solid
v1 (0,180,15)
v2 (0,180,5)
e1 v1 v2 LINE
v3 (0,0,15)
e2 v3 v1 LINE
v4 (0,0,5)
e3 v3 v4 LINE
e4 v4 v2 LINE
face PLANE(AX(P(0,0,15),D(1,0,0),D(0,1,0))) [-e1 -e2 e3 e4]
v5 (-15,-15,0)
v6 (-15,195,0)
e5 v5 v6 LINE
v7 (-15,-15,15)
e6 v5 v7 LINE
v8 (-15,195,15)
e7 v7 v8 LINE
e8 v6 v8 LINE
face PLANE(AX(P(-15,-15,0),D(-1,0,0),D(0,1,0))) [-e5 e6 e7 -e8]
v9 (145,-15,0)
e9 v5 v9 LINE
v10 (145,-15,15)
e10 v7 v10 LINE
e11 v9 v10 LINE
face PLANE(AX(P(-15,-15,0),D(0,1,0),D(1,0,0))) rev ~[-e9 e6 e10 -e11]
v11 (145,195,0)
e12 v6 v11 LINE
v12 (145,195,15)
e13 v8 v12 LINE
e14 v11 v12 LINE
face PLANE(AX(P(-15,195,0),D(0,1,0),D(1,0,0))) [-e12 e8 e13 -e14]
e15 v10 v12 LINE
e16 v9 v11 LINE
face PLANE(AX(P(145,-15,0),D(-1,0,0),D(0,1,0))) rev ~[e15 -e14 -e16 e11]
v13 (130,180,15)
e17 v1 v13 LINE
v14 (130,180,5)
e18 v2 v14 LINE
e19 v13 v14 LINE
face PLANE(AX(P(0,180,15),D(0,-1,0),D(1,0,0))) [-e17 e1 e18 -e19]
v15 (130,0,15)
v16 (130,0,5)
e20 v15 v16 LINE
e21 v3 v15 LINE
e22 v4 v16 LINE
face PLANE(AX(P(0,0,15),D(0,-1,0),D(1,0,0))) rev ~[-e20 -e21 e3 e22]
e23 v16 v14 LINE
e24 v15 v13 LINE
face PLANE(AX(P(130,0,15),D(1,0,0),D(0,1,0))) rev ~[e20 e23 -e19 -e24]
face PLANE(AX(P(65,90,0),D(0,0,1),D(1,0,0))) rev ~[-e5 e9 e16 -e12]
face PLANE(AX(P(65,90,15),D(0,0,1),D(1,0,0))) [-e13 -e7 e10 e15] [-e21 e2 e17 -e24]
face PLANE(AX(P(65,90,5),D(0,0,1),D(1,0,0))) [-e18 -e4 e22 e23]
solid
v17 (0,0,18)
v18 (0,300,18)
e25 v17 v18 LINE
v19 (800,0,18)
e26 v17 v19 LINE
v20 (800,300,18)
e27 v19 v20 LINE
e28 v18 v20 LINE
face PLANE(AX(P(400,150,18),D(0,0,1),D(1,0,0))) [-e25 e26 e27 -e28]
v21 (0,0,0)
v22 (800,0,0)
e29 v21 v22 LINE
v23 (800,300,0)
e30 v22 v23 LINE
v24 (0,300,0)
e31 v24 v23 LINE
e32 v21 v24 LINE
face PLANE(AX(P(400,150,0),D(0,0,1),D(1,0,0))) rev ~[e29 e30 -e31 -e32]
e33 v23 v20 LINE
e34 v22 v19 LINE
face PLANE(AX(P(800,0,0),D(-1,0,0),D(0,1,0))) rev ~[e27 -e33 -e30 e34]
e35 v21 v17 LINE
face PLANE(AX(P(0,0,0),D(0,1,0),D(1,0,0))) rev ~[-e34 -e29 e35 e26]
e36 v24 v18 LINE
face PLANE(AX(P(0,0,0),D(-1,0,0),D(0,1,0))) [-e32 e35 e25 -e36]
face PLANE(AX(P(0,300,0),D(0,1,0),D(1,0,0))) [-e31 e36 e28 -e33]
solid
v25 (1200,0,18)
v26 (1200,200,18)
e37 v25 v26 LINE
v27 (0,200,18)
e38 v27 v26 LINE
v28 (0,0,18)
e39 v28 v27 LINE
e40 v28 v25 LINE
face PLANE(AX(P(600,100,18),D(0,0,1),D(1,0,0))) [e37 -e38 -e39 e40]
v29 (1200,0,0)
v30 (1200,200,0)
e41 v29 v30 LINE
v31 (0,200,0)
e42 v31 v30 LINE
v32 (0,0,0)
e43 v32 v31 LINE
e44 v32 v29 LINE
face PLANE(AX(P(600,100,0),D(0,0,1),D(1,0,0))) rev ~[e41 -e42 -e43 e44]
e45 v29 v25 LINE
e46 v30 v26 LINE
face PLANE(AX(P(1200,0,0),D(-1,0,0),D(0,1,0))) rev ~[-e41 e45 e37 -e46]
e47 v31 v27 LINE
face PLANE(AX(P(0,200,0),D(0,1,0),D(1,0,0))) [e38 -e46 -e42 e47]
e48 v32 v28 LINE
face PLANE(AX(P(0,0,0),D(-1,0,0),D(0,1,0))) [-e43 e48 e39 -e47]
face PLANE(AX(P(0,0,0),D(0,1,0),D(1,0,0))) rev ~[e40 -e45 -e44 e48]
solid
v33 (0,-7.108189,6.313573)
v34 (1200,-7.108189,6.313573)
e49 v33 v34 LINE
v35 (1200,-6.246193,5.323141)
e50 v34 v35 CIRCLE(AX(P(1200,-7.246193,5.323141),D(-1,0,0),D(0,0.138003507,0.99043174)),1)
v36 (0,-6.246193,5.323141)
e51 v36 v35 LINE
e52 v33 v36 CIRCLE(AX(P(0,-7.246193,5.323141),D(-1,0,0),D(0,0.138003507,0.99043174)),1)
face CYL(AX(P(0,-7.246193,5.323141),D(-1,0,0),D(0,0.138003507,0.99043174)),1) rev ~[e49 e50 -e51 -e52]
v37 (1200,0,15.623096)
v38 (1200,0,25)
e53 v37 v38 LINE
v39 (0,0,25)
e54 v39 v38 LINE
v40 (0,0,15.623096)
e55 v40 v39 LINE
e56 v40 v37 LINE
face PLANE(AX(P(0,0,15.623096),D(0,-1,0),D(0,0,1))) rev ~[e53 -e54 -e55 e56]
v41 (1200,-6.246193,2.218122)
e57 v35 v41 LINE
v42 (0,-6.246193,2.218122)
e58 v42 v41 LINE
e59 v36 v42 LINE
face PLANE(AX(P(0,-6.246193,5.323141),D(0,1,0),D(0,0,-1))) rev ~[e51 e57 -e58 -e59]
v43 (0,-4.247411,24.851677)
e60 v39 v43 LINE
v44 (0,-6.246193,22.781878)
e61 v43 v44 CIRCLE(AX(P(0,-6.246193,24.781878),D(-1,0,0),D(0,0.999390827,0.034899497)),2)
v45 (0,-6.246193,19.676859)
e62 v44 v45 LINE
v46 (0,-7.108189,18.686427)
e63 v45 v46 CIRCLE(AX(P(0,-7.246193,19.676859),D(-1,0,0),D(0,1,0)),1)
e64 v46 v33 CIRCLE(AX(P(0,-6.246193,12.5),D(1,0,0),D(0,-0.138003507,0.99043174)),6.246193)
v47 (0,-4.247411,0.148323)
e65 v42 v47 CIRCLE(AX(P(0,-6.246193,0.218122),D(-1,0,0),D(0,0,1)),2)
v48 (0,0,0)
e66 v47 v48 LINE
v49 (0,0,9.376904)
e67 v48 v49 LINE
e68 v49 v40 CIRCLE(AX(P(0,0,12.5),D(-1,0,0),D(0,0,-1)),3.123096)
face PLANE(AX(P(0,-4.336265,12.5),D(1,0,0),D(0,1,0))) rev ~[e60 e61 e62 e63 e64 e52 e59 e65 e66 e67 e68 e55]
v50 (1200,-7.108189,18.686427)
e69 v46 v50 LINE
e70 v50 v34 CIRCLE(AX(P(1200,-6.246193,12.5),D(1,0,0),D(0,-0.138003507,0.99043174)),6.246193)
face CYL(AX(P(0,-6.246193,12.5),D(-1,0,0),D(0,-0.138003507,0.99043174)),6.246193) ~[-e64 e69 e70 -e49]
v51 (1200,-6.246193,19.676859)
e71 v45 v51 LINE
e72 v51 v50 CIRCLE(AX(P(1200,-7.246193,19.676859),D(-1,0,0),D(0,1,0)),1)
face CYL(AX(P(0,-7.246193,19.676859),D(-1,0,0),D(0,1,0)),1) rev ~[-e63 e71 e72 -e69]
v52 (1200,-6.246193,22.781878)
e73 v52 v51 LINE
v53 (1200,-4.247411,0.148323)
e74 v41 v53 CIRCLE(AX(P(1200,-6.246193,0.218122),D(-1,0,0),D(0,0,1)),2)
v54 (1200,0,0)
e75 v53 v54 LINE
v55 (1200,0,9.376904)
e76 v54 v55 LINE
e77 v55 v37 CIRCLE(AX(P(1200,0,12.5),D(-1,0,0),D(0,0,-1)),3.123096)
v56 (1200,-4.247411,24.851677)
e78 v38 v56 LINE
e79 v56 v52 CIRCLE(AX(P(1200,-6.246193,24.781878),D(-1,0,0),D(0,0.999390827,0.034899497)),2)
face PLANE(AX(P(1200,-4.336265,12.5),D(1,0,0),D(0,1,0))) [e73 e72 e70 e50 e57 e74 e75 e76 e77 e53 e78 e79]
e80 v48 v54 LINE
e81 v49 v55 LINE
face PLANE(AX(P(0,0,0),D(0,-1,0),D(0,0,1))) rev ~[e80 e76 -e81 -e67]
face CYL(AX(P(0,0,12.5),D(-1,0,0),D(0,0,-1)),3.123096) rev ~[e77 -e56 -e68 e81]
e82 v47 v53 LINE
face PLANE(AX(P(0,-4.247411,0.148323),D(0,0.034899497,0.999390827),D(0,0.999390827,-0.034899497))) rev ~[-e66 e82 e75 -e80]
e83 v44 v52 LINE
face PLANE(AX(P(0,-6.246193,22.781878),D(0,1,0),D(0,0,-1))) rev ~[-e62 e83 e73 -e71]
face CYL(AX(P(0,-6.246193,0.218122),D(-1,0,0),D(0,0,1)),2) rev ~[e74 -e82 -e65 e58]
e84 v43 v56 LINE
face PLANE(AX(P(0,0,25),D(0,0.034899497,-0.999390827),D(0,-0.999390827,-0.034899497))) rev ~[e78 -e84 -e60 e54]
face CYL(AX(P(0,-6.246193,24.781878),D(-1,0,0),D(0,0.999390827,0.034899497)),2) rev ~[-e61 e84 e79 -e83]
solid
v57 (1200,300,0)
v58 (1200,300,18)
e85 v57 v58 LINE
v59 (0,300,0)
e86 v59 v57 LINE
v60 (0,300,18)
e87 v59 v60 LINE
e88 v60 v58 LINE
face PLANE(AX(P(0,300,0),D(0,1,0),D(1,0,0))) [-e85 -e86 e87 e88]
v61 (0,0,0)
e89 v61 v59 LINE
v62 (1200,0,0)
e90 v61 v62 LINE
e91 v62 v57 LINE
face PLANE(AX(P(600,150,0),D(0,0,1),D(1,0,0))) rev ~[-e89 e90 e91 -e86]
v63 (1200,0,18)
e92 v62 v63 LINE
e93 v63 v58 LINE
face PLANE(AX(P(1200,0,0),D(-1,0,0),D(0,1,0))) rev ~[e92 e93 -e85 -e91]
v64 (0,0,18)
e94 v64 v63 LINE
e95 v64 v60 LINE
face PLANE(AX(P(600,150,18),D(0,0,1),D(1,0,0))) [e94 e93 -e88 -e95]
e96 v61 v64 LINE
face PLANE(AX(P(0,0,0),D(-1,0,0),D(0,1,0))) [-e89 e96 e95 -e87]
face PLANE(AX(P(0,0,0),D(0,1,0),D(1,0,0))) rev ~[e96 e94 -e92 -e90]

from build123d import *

# Parameters (mm, degrees)
F0_W      = 1200
F0_H      = 300
F1_DEPTH  = 18
F2_W      = 1200
F2_H      = 200
F3_DEPTH  = 18
F5_DEPTH  = 1200
F6_W      = 800
F6_H      = 300
F7_DEPTH  = 18
F8_W      = 160
F8_H      = 210
F9_DEPTH  = 15
F10_W     = 130
F10_H     = 180
F11_DEPTH = 10


with BuildPart() as f1:
    # F0 (on Top) → F1 (new body)
    with BuildSketch(Plane.XY):
        with Locations((600, 150)):
            Rectangle(F0_W, F0_H)
    extrude(amount=F1_DEPTH)


with BuildPart() as f3:
    # F2 (on Top) → F3 (new body)
    with BuildSketch(Plane.XY):
        with Locations((600, 100)):
            Rectangle(F2_W, F2_H)
    extrude(amount=F3_DEPTH)


with BuildPart() as f5:
    # F4 (on Right) → F5 (new body)
    with BuildSketch(Plane.YZ):
        with BuildLine():
            Line((-4.2474110148, 0.148322861), (0, 0))
            Line((0, 0), (0, 9.3769036656))
            ThreePointArc((0, 9.3769036656), (-3.1230963344, 12.5), (0, 15.6230963344))
            Line((0, 15.6230963344), (0, 25))
            Line((0, 25), (-4.2474110148, 24.851677139))
            ThreePointArc((-4.2474110148, 24.851677139), (-4.8075130682, 23.3925614047), (-6.2461926689, 22.7818781456))
            Line((-6.2461926689, 22.7818781456), (-6.2461926689, 19.6768592152))
            ThreePointArc((-6.2461926689, 19.6768592152), (-6.49187062, 19.0203546481), (-7.108189162, 18.6864274749))
            ThreePointArc((-7.108189162, 18.6864274749), (-12.4923853377, 12.5), (-7.108189162, 6.3135725251))
            ThreePointArc((-7.108189162, 6.3135725251), (-6.49187062, 5.9796453519), (-6.2461926689, 5.3231407848))
            Line((-6.2461926689, 5.3231407848), (-6.2461926689, 2.2181218544))
            ThreePointArc((-6.2461926689, 2.2181218544), (-4.8075130682, 1.6074385953), (-4.2474110148, 0.148322861))
        make_face()
    extrude(amount=F5_DEPTH)


with BuildPart() as f7:
    # F6 (on Top) → F7 (new body)
    with BuildSketch(Plane.XY):
        with Locations((400, 150)):
            Rectangle(F6_W, F6_H)
    extrude(amount=F7_DEPTH)


with BuildPart() as f9:
    # F8 (on Top) → F9 (new body)
    with BuildSketch(Plane.XY):
        with Locations((65, 90)):
            Rectangle(F8_W, F8_H)
    extrude(amount=F9_DEPTH)

    # F10 (on face) → F11 (cut)
    with BuildSketch(Plane.XY.offset(15)):
        with Locations((65, 90)):
            Rectangle(F10_W, F10_H)
    extrude(amount=-F11_DEPTH, mode=Mode.SUBTRACT)


solid = Compound([f1.part, f3.part, f5.part, f7.part, f9.part])
